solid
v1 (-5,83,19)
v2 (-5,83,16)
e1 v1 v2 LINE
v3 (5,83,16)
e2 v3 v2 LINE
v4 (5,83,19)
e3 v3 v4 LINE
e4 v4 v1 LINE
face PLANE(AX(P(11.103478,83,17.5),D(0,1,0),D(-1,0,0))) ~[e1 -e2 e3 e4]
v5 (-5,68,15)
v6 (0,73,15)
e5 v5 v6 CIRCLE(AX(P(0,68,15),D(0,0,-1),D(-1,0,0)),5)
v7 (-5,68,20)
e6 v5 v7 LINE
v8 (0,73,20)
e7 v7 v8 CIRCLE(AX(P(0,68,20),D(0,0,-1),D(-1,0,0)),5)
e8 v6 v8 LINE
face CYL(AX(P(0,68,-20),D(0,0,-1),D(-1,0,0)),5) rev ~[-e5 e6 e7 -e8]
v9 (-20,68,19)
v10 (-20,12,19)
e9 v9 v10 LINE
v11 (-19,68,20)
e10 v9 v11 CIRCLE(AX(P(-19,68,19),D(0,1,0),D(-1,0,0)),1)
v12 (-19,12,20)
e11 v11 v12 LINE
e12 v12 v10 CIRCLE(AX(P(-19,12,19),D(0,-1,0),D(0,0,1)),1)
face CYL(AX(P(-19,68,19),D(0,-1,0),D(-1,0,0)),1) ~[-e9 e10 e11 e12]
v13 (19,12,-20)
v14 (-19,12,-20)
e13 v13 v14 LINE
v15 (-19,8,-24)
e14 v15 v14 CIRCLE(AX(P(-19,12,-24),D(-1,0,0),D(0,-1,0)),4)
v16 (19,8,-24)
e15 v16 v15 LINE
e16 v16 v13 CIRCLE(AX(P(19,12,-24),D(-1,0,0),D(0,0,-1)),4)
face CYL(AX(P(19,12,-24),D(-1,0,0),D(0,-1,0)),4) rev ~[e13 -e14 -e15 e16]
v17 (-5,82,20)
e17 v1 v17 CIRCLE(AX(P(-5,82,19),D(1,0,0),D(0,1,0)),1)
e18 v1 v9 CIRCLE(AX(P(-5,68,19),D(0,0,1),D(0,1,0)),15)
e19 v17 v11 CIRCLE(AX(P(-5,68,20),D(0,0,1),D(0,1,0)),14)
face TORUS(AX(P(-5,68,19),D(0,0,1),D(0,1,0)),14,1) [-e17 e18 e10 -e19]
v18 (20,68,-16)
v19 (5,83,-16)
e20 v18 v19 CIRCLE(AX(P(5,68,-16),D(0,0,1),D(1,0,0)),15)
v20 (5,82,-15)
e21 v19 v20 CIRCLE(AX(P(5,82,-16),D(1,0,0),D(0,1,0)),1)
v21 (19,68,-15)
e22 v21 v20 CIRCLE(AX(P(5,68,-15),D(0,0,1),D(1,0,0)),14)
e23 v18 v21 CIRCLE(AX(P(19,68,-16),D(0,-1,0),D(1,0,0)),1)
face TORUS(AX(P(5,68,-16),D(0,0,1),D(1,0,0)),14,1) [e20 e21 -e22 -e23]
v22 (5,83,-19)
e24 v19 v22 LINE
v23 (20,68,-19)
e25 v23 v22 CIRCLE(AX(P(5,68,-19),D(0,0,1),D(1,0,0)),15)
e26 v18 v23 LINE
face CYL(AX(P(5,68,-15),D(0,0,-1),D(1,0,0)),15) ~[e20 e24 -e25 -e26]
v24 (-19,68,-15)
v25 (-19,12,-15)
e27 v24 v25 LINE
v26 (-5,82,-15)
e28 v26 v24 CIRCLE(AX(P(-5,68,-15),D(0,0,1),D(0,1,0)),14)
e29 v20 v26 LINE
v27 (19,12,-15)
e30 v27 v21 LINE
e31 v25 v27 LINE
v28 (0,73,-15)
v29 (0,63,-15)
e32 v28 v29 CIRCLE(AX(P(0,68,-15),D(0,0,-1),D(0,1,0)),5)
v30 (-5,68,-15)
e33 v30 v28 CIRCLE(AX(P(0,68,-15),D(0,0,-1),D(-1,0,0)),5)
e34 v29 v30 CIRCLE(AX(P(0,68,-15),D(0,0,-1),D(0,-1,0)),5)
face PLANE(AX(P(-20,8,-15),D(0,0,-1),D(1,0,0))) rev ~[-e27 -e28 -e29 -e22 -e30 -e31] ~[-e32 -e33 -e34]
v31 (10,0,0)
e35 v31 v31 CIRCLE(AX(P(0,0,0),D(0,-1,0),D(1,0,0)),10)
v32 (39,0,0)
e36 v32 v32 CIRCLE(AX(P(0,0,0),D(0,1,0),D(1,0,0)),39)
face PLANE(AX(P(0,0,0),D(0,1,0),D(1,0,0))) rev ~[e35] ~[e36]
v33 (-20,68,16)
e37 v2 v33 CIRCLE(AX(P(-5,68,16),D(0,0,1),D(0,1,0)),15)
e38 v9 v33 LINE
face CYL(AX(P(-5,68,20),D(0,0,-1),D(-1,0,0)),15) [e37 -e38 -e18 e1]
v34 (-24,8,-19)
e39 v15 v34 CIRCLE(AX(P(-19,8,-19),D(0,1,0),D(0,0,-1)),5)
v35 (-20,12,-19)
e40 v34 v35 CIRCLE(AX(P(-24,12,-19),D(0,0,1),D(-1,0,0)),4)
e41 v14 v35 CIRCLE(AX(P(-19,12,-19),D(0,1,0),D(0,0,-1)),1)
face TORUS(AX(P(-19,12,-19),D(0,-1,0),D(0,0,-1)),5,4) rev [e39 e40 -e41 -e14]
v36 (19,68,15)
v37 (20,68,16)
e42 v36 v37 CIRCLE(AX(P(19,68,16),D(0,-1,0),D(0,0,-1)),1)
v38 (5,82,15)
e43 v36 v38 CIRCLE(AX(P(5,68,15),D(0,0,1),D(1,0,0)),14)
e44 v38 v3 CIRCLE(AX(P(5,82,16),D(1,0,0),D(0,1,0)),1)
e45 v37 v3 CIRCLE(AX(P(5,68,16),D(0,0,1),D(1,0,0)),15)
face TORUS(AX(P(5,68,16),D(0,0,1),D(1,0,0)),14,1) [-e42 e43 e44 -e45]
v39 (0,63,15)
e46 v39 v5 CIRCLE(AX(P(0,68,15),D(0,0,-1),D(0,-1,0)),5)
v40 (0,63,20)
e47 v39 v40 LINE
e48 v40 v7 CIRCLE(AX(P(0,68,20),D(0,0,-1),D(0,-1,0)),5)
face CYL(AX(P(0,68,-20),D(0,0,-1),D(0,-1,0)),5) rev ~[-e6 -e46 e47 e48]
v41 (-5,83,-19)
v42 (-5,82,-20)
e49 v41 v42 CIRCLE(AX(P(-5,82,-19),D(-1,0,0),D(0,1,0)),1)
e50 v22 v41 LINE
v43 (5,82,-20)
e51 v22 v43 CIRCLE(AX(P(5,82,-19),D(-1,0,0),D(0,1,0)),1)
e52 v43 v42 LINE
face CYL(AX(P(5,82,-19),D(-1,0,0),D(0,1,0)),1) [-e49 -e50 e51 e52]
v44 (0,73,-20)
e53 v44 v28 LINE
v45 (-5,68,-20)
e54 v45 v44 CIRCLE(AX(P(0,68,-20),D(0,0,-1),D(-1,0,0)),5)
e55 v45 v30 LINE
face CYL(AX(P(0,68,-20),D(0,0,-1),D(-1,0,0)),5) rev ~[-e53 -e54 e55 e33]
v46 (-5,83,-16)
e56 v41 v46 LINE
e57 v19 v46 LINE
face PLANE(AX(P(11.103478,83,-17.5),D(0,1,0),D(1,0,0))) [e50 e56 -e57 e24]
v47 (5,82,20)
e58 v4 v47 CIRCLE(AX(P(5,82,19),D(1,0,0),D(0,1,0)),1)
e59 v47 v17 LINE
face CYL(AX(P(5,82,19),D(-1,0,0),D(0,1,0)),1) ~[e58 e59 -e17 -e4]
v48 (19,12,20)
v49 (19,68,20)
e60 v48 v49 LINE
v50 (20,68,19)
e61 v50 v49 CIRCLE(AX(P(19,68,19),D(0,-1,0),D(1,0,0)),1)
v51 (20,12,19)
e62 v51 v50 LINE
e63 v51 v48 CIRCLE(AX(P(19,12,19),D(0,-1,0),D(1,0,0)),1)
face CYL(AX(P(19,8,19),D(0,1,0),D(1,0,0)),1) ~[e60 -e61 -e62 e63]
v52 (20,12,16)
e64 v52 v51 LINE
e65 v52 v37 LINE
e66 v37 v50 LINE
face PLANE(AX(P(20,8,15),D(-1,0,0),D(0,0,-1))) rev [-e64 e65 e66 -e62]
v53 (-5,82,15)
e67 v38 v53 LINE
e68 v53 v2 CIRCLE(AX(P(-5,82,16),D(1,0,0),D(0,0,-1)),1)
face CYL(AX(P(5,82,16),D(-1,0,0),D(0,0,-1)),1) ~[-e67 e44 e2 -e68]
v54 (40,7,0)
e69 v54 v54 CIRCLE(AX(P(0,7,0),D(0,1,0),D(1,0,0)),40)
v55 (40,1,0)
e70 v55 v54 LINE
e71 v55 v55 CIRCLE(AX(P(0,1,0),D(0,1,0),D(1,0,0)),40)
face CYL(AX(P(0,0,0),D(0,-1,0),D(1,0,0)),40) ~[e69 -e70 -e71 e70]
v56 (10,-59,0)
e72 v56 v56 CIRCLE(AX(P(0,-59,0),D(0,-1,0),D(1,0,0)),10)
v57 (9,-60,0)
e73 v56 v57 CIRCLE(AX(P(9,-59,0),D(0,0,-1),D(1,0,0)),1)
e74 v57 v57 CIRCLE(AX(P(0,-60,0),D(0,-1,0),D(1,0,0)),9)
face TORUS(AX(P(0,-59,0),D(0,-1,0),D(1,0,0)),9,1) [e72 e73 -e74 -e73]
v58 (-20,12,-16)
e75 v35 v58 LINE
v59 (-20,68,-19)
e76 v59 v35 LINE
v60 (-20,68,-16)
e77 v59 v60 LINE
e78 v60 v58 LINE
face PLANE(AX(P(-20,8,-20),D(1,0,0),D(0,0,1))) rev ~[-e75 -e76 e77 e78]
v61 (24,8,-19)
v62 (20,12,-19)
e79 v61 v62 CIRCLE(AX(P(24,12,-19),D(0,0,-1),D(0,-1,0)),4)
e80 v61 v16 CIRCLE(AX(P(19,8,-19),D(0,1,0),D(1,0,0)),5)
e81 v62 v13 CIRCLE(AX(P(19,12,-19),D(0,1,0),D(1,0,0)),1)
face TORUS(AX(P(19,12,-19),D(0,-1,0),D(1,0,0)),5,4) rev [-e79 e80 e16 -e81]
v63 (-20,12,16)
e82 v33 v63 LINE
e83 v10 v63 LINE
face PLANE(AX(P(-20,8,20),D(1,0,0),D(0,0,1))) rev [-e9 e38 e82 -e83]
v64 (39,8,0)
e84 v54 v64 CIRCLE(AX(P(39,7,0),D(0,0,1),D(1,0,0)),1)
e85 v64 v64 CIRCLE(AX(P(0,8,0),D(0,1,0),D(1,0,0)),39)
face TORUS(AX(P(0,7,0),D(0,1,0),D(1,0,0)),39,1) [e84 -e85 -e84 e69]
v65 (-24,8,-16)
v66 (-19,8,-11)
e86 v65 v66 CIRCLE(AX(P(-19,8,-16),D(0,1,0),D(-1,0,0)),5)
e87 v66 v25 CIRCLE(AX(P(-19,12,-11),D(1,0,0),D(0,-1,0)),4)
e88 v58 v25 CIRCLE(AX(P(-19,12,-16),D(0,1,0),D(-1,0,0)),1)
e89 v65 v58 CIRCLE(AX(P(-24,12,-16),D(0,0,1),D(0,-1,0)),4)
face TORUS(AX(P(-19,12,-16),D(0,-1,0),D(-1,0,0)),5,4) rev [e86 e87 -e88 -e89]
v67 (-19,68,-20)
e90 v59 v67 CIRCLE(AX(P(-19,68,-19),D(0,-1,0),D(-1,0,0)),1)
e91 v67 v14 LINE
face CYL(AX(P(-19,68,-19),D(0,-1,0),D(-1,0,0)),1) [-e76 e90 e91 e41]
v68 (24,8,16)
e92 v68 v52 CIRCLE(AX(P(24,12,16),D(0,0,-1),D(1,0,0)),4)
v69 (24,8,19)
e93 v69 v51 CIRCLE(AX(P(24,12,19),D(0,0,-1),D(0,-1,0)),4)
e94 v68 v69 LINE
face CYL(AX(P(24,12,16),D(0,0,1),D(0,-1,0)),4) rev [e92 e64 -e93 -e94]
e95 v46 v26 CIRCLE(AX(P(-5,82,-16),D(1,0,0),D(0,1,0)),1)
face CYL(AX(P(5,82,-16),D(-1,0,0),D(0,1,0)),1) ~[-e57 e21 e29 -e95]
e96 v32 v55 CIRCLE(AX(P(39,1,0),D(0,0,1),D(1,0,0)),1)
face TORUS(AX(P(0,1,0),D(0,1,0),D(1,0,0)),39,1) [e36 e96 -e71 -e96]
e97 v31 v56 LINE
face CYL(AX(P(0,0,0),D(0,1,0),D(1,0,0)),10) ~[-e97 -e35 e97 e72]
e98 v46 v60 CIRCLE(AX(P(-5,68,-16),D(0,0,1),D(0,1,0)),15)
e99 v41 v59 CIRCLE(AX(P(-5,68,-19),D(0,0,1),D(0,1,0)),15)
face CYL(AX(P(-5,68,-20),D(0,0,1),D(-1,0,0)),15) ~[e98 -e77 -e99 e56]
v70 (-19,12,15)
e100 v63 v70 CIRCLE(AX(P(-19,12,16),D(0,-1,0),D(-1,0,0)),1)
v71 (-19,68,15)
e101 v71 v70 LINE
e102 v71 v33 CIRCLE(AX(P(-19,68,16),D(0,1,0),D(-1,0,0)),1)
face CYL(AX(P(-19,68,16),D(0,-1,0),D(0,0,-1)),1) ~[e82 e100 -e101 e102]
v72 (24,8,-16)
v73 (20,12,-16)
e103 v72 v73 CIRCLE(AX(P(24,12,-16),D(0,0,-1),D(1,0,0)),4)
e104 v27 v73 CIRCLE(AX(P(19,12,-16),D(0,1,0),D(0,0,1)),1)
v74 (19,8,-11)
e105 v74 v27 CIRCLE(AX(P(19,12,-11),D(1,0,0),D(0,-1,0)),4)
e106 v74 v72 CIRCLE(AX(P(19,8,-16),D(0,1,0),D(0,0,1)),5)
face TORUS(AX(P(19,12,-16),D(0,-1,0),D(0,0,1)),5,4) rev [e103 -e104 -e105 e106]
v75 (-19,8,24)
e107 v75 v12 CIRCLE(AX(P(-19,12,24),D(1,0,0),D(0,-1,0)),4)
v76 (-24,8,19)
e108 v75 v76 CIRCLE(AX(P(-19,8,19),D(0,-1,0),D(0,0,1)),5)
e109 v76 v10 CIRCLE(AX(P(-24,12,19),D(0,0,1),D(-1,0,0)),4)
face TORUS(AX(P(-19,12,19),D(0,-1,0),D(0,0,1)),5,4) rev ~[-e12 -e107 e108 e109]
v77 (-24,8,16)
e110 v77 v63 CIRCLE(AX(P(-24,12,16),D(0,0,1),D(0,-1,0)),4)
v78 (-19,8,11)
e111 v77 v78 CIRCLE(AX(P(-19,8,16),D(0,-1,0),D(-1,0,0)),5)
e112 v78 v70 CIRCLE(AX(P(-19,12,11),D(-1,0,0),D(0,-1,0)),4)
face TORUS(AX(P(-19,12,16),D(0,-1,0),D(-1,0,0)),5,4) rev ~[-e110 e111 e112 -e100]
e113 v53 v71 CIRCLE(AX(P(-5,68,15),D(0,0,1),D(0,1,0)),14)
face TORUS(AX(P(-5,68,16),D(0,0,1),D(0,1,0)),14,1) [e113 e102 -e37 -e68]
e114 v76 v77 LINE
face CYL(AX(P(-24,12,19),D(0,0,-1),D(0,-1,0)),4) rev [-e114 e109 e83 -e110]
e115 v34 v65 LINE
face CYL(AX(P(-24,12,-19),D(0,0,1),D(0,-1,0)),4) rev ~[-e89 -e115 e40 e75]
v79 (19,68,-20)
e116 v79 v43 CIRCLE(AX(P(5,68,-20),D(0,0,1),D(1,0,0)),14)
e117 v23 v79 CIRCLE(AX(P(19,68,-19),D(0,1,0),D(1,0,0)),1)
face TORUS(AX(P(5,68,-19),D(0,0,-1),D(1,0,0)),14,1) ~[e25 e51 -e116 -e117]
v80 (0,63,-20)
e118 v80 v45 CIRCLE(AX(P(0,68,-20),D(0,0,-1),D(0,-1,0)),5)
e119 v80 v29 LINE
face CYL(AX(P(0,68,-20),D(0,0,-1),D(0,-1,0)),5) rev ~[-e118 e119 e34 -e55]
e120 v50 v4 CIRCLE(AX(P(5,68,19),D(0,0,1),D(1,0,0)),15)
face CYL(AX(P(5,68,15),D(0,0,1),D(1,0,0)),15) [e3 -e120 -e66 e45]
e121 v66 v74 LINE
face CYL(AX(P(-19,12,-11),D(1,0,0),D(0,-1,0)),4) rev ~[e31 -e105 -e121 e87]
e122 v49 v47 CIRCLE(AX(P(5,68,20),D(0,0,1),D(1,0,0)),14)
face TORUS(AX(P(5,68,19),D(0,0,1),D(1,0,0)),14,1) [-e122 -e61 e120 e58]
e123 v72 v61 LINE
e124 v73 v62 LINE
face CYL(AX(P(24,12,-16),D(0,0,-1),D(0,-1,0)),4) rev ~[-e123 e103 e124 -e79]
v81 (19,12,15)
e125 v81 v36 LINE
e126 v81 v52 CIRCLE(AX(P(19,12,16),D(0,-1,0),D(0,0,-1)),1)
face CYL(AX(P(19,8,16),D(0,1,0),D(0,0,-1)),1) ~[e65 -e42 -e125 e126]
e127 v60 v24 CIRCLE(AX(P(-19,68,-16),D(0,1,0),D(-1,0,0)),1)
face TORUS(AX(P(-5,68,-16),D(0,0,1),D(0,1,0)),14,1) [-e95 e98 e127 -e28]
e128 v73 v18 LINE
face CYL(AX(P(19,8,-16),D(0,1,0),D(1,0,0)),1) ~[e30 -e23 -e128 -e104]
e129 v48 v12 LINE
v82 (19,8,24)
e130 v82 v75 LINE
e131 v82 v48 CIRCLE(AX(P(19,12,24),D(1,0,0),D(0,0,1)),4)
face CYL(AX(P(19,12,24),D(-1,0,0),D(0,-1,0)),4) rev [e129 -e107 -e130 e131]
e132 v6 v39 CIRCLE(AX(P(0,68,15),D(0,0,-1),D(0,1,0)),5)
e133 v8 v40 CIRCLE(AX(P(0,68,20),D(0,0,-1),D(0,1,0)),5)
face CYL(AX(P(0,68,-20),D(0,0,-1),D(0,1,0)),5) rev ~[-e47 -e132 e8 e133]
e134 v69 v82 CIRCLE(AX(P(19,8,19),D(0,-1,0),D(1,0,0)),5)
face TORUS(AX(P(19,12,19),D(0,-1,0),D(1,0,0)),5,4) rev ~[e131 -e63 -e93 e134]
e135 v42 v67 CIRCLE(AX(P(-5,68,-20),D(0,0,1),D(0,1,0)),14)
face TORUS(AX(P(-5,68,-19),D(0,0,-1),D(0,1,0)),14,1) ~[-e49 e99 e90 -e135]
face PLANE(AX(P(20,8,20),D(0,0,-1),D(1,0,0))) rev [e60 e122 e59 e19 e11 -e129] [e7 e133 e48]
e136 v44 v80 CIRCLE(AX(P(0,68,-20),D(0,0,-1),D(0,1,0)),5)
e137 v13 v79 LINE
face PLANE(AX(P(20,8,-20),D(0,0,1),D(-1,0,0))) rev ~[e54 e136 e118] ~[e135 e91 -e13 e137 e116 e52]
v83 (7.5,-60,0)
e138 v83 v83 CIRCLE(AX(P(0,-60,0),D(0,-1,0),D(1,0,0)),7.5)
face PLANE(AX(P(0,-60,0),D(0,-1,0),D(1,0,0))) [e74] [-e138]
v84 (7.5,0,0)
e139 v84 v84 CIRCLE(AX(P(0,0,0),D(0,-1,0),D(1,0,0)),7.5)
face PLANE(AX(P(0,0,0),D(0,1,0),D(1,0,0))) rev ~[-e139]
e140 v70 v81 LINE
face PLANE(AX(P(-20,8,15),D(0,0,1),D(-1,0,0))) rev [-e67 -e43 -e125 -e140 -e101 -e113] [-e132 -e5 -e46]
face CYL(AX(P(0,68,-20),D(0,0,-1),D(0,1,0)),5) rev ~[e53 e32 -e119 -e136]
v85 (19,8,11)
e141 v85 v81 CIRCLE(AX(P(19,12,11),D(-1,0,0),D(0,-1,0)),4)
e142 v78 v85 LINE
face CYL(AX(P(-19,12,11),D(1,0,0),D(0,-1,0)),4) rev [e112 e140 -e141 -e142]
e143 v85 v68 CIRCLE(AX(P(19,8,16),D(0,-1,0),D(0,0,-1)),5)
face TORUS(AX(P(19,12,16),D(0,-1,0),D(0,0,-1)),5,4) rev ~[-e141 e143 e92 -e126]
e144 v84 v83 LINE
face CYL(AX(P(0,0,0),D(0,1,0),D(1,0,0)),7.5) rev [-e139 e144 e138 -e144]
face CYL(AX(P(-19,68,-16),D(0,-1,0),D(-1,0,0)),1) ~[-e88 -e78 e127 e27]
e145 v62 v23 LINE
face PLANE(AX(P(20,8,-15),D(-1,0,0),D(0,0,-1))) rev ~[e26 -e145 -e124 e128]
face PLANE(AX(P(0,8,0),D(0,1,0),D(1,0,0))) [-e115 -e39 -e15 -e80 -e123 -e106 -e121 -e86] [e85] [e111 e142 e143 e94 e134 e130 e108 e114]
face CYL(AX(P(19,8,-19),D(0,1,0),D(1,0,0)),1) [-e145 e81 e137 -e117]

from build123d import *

# Parameters (mm, degrees)
SKETCH1_R            = 40
BOSS_EXTRUDE1_DEPTH  = 8
BOSS_EXTRUDE4_DEPTH  = 75
FILLET4_R            = 15
FILLET6_R            = 1
FILLET8_R            = 1
FILLET9_R            = 4
FILLET4_OF_MIRROR6_R = 15
FILLET6_OF_MIRROR6_R = 1
FILLET8_OF_MIRROR6_R = 1
FILLET9_OF_MIRROR6_R = 4
CUT_EXTRUDE1_DEPTH   = 76
SKETCH5_R            = 10
SKETCH5_R_2          = 7.5
BOSS_EXTRUDE5_DEPTH  = 60
FILLET10_R           = 1
FILLET11_R           = 1


with BuildPart() as part:
    # Sketch1 → Boss-Extrude1 (new body)
    with BuildSketch(Plane(origin=(0, 0, 0), x_dir=(1, 0, 0), z_dir=(0, 1, 0))):
        Circle(SKETCH1_R)
    extrude(amount=BOSS_EXTRUDE1_DEPTH)

    # Sketch2 → Boss-Extrude4 (add)
    with BuildSketch(Plane(origin=(0, 8, 0), x_dir=(1, 0, 0), z_dir=(0, 1, 0))):
        Polygon((20, 20), (0, 17.5), (20, 15), align=None)
        Polygon((-20, 20), (0, 17.5), (20, 20), align=None)
        Polygon((0, 17.5), (0, 15), (20, 15), align=None)
        Polygon((-20, 15), (0, 15), (0, 17.5), align=None)
        Polygon((-20, 15), (0, 17.5), (-20, 20), align=None)
    boss_extrude4 = extrude(amount=BOSS_EXTRUDE4_DEPTH)

    # Fillet4
    fillet4_edges = [part.edges().sort_by_distance(p)[0] for p in [
        (20, 83, -17.5),
        (-20, 83, -17.5),
    ]]
    fillet(fillet4_edges, radius=FILLET4_R)

    # Fillet6
    fillet6_edges = [part.edges().sort_by_distance(p)[0] for p in [
        (20, 38, -15),
        (0, 83, -15),
        (-20, 38, -15),
        (-15.606601718, 78.606601718, -15),
        (15.606601718, 78.606601718, -15),
    ]]
    fillet(fillet6_edges, radius=FILLET6_R)

    # Fillet8
    fillet8_edges = [part.edges().sort_by_distance(p)[0] for p in [
        (20, 38, -20),
        (0, 83, -20),
        (-20, 38, -20),
        (-15.606601718, 78.606601718, -20),
        (15.606601718, 78.606601718, -20),
    ]]
    fillet(fillet8_edges, radius=FILLET8_R)

    # Fillet9
    fillet9_edges = [part.edges().sort_by_distance(p)[0] for p in [
        (0, 8, -15),
        (19.707106781, 8, -15.292893219),
        (-19.707106781, 8, -15.292893219),
        (-20, 8, -17.5),
        (0, 8, -20),
        (20, 8, -17.5),
        (-19.707106781, 8, -19.707106781),
        (19.707106781, 8, -19.707106781),
    ]]
    fillet(fillet9_edges, radius=FILLET9_R)

    # Mirror6: Boss-Extrude4 across plane
    add(boss_extrude4.mirror(Plane.XY))

    # Fillet4 of Mirror6
    fillet4_of_mirror6_edges = [part.edges().sort_by_distance(p)[0] for p in [
        (20, 83, 17.5),
        (-20, 83, 17.5),
    ]]
    fillet(fillet4_of_mirror6_edges, radius=FILLET4_OF_MIRROR6_R)

    # Fillet6 of Mirror6
    fillet6_of_mirror6_edges = [part.edges().sort_by_distance(p)[0] for p in [
        (20, 38, 15),
        (0, 83, 15),
        (-20, 38, 15),
        (-15.606601718, 78.606601718, 15),
        (15.606601718, 78.606601718, 15),
    ]]
    fillet(fillet6_of_mirror6_edges, radius=FILLET6_OF_MIRROR6_R)

    # Fillet8 of Mirror6
    fillet8_of_mirror6_edges = [part.edges().sort_by_distance(p)[0] for p in [
        (20, 38, 20),
        (0, 83, 20),
        (-20, 38, 20),
        (-15.606601718, 78.606601718, 20),
        (15.606601718, 78.606601718, 20),
    ]]
    fillet(fillet8_of_mirror6_edges, radius=FILLET8_OF_MIRROR6_R)

    # Fillet9 of Mirror6
    fillet9_of_mirror6_edges = [part.edges().sort_by_distance(p)[0] for p in [
        (0, 8, 15),
        (19.707106781, 8, 15.292893219),
        (-19.707106781, 8, 15.292893219),
        (-20, 8, 17.5),
        (0, 8, 20),
        (20, 8, 17.5),
        (-19.707106781, 8, 19.707106781),
        (19.707106781, 8, 19.707106781),
    ]]
    fillet(fillet9_of_mirror6_edges, radius=FILLET9_OF_MIRROR6_R)

    # Sketch3 → Cut-Extrude1 (cut)
    with BuildSketch(Plane(origin=(0, 0, -20), x_dir=(-1, 0, 0), z_dir=(0, 0, -1))):
        with BuildLine():
            ThreePointArc((5, 68), (3.535533906, 71.535533906), (0, 73))
            Line((0, 73), (0, 63))
            ThreePointArc((0, 63), (3.535533906, 64.464466094), (5, 68))
        make_face()
        with BuildLine():
            Line((0, 63), (0, 73))
            ThreePointArc((0, 73), (-5, 68), (0, 63))
        make_face()
    extrude(amount=-CUT_EXTRUDE1_DEPTH, mode=Mode.SUBTRACT)

    # Sketch5 → Boss-Extrude5 (add)
    with BuildSketch(Plane.XZ):
        Circle(SKETCH5_R)
        Circle(SKETCH5_R_2, mode=Mode.SUBTRACT)
    extrude(amount=BOSS_EXTRUDE5_DEPTH)

    # Fillet10
    fillet10_edges = [part.edges().sort_by_distance(p)[0] for p in [
        (-10, -60, 0),
    ]]
    fillet(fillet10_edges, radius=FILLET10_R)

    # Fillet11
    fillet11_edges = [part.edges().sort_by_distance(p)[0] for p in [
        (-40, 0, 0),
        (-40, 8, 0),
    ]]
    fillet(fillet11_edges, radius=FILLET11_R)


solid = part.part
